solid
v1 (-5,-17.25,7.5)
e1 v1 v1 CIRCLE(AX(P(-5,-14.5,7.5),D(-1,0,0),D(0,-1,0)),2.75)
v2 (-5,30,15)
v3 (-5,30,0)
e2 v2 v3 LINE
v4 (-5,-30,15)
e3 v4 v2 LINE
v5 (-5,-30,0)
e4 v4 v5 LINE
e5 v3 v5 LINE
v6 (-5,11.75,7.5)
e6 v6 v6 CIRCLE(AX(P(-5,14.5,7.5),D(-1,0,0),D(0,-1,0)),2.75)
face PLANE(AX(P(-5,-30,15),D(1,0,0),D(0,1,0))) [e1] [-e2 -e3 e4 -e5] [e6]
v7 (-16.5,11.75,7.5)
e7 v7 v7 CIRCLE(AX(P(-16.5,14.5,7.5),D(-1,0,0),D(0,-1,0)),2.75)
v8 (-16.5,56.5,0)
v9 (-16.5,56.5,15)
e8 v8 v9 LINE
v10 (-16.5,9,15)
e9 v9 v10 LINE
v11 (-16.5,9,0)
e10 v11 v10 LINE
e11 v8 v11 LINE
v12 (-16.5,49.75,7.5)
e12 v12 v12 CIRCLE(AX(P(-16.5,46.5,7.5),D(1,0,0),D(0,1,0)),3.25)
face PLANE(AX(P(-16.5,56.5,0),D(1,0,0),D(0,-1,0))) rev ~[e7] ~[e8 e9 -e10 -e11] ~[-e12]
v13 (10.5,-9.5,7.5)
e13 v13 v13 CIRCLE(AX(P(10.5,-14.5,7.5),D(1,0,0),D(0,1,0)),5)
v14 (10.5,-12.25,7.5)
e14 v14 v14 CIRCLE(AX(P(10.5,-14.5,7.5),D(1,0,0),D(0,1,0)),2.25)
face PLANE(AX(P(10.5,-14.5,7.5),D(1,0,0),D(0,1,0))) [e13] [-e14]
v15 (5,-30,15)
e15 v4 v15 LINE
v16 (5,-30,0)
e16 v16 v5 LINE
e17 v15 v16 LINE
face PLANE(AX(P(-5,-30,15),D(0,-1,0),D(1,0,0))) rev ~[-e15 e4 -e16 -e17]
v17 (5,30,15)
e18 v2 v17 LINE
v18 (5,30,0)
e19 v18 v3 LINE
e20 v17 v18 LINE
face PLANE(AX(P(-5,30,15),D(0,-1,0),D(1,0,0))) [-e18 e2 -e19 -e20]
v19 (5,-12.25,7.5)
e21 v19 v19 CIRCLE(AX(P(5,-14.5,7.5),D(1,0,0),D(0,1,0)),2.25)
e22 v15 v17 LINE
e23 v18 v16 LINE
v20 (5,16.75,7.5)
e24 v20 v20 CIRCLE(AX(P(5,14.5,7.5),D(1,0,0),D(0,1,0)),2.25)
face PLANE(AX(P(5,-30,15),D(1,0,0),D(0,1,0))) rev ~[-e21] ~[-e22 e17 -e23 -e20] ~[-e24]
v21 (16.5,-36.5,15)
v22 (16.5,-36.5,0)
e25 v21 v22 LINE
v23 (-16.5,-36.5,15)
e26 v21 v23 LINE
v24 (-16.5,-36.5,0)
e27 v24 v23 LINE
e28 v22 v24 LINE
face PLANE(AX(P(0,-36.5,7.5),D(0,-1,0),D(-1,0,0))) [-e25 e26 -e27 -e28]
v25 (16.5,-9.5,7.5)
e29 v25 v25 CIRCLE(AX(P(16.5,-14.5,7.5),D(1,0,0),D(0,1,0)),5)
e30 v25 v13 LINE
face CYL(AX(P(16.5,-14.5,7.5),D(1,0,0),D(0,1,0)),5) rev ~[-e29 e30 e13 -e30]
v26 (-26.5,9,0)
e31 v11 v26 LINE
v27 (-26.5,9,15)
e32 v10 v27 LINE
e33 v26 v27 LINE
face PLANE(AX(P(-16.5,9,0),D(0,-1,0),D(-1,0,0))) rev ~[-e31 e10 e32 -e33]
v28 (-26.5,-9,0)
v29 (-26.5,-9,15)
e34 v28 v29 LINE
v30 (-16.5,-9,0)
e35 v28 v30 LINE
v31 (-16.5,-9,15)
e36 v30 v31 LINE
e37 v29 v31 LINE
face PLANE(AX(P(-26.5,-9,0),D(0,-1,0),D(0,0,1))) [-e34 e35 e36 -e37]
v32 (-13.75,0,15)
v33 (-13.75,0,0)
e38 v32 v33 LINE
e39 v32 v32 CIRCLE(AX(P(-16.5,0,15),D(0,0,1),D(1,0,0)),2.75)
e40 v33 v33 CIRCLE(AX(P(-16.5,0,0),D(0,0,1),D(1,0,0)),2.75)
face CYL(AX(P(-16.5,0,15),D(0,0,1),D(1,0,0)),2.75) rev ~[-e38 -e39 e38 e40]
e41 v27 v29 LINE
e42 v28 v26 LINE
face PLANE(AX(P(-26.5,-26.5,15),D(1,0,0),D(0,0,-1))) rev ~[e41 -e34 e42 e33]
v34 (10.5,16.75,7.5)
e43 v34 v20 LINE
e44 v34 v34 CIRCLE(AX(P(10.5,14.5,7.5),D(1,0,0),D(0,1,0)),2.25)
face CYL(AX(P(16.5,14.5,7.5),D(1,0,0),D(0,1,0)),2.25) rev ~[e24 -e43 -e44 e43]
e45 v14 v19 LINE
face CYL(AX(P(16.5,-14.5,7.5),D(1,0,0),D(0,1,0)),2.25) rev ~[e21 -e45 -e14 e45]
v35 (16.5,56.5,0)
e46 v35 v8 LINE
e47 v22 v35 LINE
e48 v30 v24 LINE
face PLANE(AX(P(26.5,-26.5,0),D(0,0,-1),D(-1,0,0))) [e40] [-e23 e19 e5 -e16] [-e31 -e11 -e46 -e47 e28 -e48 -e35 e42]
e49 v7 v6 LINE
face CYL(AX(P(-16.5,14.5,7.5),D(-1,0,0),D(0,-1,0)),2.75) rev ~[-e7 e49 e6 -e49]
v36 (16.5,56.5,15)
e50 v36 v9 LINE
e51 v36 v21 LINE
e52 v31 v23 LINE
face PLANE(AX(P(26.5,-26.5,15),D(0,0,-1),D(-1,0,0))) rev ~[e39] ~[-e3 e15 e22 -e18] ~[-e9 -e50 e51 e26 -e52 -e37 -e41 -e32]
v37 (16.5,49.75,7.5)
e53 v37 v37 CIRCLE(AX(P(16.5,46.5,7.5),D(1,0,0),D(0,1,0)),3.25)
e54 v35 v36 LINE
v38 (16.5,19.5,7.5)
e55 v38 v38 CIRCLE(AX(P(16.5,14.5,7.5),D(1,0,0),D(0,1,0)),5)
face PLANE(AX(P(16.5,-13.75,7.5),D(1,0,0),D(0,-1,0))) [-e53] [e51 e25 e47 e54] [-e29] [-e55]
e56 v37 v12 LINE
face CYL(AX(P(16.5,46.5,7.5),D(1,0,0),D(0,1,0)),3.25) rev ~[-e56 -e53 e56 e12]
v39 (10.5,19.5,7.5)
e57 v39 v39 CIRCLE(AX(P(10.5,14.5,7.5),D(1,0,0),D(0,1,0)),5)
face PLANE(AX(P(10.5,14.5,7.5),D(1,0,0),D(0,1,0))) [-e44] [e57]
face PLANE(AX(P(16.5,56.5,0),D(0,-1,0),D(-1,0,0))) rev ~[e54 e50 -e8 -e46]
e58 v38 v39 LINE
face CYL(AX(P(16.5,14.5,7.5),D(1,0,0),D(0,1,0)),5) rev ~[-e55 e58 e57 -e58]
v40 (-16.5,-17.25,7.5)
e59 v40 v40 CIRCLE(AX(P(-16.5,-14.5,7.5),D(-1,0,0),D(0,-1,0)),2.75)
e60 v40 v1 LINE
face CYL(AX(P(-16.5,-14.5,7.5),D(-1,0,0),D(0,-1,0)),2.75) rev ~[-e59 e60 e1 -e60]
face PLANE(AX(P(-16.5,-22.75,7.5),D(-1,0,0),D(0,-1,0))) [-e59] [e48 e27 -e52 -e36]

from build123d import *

# Parameters (mm, degrees)
PAD_DEPTH          = 15
SKETCH001_R        = 3.25
POCKET_DEPTH       = 40
SKETCH002_R        = 2.75
POCKET001_DEPTH    = 20
POCKET001_FACE10_W = 53
POCKET001_FACE10_H = 15
PAD001_DEPTH       = 10
SKETCH003_W        = 10
SKETCH003_H        = 60
POCKET002_DEPTH    = 20
POCKET002_FACE11_W = 45.5
POCKET002_FACE11_H = 15
POCKET003_DEPTH    = 10
SKETCH004_R        = 2.25
POCKET004_DEPTH    = 100
SKETCH005_R        = 2.75
POCKET005_DEPTH    = 15
SKETCH006_W        = 27.5
SKETCH006_H        = 15
POCKET006_DEPTH    = 10
SKETCH007_R        = 2.75
POCKET007_DEPTH    = 15
SKETCH009_R        = 5
POCKET008_DEPTH    = 6


with BuildPart() as part:
    # Sketch → Pad (new body)
    with BuildSketch(Plane.XY):
        Polygon((-16.5, 56.5), (-16.5, 9), (-26.5, 9), (-26.5, -26.5), (26.5, -26.5), (26.5, 9), (16.5, 9), (16.5, 56.5), align=None)
    extrude(amount=PAD_DEPTH)

    # Sketch001 (on Face7 of Pad) → Pocket (cut)
    with BuildSketch(Plane.YZ.offset(16.5)):
        with Locations((46.5, 7.5)):
            Circle(SKETCH001_R)
    extrude(amount=-POCKET_DEPTH, mode=Mode.SUBTRACT)

    # Sketch002 (on Face4 of Pocket) → Pocket001 (cut)
    with BuildSketch(Plane.XY.offset(15)):
        with Locations((-16.5, 0)):
            Circle(SKETCH002_R)
    extrude(amount=-POCKET001_DEPTH, mode=Mode.SUBTRACT)

    # Pocket001 Face10 → Pad001 (add)
    with BuildSketch(Plane(origin=(0, -26.5, 7.5), x_dir=(-1, 0, 0), z_dir=(0, -1, 0))):
        Rectangle(POCKET001_FACE10_W, POCKET001_FACE10_H)
    extrude(amount=PAD001_DEPTH)

    # Sketch003 (on Face10 of Pad001) → Pocket002 (cut)
    with BuildSketch(Plane.XY.offset(15)):
        Rectangle(SKETCH003_W, SKETCH003_H)
    extrude(amount=-POCKET002_DEPTH, mode=Mode.SUBTRACT)

    # Pocket002 Face11 → Pocket003 (cut)
    with BuildSketch(Plane(origin=(26.5, -13.75, 7.5), x_dir=(0, -1, 0), z_dir=(1, 0, 0))):
        Rectangle(POCKET002_FACE11_W, POCKET002_FACE11_H)
    extrude(amount=-POCKET003_DEPTH, mode=Mode.SUBTRACT)

    # Sketch004 (on Face14 of Pocket003) → Pocket004 (cut)
    with BuildSketch(Plane.YZ.offset(16.5)):
        with Locations((-14.5, 7.5)):
            Circle(SKETCH004_R)
        with Locations((14.5, 7.5)):
            Circle(SKETCH004_R)
    extrude(amount=-POCKET004_DEPTH, mode=Mode.SUBTRACT)

    # Sketch005 (on Face1 of Pocket004) → Pocket005 (cut)
    with BuildSketch(Plane(origin=(-16.5, 0, 0), x_dir=(0, -1, 0), z_dir=(-1, 0, 0))):
        with Locations((-14.5, 7.5)):
            Circle(SKETCH005_R)
    extrude(amount=-POCKET005_DEPTH, mode=Mode.SUBTRACT)

    # Sketch006 (on Face9 of Pocket005) → Pocket006 (cut)
    with BuildSketch(Plane(origin=(-26.5, 0, 0), x_dir=(0, -1, 0), z_dir=(-1, 0, 0))):
        with Locations((22.75, 7.5)):
            Rectangle(SKETCH006_W, SKETCH006_H)
    extrude(amount=-POCKET006_DEPTH, mode=Mode.SUBTRACT)

    # Sketch007 (on Face11 of Pocket006) → Pocket007 (cut)
    with BuildSketch(Plane(origin=(-16.5, 0, 0), x_dir=(0, -1, 0), z_dir=(-1, 0, 0))):
        with Locations((14.5, 7.5)):
            Circle(SKETCH007_R)
    extrude(amount=-POCKET007_DEPTH, mode=Mode.SUBTRACT)

    # Sketch009 (on Face8 of Pocket007) → Pocket008 (cut)
    with BuildSketch(Plane.YZ.offset(16.5)):
        with Locations((-14.5, 7.5)):
            Circle(SKETCH009_R)
        with Locations((14.5, 7.5)):
            Circle(SKETCH009_R)
    extrude(amount=-POCKET008_DEPTH, mode=Mode.SUBTRACT)


solid = part.part
